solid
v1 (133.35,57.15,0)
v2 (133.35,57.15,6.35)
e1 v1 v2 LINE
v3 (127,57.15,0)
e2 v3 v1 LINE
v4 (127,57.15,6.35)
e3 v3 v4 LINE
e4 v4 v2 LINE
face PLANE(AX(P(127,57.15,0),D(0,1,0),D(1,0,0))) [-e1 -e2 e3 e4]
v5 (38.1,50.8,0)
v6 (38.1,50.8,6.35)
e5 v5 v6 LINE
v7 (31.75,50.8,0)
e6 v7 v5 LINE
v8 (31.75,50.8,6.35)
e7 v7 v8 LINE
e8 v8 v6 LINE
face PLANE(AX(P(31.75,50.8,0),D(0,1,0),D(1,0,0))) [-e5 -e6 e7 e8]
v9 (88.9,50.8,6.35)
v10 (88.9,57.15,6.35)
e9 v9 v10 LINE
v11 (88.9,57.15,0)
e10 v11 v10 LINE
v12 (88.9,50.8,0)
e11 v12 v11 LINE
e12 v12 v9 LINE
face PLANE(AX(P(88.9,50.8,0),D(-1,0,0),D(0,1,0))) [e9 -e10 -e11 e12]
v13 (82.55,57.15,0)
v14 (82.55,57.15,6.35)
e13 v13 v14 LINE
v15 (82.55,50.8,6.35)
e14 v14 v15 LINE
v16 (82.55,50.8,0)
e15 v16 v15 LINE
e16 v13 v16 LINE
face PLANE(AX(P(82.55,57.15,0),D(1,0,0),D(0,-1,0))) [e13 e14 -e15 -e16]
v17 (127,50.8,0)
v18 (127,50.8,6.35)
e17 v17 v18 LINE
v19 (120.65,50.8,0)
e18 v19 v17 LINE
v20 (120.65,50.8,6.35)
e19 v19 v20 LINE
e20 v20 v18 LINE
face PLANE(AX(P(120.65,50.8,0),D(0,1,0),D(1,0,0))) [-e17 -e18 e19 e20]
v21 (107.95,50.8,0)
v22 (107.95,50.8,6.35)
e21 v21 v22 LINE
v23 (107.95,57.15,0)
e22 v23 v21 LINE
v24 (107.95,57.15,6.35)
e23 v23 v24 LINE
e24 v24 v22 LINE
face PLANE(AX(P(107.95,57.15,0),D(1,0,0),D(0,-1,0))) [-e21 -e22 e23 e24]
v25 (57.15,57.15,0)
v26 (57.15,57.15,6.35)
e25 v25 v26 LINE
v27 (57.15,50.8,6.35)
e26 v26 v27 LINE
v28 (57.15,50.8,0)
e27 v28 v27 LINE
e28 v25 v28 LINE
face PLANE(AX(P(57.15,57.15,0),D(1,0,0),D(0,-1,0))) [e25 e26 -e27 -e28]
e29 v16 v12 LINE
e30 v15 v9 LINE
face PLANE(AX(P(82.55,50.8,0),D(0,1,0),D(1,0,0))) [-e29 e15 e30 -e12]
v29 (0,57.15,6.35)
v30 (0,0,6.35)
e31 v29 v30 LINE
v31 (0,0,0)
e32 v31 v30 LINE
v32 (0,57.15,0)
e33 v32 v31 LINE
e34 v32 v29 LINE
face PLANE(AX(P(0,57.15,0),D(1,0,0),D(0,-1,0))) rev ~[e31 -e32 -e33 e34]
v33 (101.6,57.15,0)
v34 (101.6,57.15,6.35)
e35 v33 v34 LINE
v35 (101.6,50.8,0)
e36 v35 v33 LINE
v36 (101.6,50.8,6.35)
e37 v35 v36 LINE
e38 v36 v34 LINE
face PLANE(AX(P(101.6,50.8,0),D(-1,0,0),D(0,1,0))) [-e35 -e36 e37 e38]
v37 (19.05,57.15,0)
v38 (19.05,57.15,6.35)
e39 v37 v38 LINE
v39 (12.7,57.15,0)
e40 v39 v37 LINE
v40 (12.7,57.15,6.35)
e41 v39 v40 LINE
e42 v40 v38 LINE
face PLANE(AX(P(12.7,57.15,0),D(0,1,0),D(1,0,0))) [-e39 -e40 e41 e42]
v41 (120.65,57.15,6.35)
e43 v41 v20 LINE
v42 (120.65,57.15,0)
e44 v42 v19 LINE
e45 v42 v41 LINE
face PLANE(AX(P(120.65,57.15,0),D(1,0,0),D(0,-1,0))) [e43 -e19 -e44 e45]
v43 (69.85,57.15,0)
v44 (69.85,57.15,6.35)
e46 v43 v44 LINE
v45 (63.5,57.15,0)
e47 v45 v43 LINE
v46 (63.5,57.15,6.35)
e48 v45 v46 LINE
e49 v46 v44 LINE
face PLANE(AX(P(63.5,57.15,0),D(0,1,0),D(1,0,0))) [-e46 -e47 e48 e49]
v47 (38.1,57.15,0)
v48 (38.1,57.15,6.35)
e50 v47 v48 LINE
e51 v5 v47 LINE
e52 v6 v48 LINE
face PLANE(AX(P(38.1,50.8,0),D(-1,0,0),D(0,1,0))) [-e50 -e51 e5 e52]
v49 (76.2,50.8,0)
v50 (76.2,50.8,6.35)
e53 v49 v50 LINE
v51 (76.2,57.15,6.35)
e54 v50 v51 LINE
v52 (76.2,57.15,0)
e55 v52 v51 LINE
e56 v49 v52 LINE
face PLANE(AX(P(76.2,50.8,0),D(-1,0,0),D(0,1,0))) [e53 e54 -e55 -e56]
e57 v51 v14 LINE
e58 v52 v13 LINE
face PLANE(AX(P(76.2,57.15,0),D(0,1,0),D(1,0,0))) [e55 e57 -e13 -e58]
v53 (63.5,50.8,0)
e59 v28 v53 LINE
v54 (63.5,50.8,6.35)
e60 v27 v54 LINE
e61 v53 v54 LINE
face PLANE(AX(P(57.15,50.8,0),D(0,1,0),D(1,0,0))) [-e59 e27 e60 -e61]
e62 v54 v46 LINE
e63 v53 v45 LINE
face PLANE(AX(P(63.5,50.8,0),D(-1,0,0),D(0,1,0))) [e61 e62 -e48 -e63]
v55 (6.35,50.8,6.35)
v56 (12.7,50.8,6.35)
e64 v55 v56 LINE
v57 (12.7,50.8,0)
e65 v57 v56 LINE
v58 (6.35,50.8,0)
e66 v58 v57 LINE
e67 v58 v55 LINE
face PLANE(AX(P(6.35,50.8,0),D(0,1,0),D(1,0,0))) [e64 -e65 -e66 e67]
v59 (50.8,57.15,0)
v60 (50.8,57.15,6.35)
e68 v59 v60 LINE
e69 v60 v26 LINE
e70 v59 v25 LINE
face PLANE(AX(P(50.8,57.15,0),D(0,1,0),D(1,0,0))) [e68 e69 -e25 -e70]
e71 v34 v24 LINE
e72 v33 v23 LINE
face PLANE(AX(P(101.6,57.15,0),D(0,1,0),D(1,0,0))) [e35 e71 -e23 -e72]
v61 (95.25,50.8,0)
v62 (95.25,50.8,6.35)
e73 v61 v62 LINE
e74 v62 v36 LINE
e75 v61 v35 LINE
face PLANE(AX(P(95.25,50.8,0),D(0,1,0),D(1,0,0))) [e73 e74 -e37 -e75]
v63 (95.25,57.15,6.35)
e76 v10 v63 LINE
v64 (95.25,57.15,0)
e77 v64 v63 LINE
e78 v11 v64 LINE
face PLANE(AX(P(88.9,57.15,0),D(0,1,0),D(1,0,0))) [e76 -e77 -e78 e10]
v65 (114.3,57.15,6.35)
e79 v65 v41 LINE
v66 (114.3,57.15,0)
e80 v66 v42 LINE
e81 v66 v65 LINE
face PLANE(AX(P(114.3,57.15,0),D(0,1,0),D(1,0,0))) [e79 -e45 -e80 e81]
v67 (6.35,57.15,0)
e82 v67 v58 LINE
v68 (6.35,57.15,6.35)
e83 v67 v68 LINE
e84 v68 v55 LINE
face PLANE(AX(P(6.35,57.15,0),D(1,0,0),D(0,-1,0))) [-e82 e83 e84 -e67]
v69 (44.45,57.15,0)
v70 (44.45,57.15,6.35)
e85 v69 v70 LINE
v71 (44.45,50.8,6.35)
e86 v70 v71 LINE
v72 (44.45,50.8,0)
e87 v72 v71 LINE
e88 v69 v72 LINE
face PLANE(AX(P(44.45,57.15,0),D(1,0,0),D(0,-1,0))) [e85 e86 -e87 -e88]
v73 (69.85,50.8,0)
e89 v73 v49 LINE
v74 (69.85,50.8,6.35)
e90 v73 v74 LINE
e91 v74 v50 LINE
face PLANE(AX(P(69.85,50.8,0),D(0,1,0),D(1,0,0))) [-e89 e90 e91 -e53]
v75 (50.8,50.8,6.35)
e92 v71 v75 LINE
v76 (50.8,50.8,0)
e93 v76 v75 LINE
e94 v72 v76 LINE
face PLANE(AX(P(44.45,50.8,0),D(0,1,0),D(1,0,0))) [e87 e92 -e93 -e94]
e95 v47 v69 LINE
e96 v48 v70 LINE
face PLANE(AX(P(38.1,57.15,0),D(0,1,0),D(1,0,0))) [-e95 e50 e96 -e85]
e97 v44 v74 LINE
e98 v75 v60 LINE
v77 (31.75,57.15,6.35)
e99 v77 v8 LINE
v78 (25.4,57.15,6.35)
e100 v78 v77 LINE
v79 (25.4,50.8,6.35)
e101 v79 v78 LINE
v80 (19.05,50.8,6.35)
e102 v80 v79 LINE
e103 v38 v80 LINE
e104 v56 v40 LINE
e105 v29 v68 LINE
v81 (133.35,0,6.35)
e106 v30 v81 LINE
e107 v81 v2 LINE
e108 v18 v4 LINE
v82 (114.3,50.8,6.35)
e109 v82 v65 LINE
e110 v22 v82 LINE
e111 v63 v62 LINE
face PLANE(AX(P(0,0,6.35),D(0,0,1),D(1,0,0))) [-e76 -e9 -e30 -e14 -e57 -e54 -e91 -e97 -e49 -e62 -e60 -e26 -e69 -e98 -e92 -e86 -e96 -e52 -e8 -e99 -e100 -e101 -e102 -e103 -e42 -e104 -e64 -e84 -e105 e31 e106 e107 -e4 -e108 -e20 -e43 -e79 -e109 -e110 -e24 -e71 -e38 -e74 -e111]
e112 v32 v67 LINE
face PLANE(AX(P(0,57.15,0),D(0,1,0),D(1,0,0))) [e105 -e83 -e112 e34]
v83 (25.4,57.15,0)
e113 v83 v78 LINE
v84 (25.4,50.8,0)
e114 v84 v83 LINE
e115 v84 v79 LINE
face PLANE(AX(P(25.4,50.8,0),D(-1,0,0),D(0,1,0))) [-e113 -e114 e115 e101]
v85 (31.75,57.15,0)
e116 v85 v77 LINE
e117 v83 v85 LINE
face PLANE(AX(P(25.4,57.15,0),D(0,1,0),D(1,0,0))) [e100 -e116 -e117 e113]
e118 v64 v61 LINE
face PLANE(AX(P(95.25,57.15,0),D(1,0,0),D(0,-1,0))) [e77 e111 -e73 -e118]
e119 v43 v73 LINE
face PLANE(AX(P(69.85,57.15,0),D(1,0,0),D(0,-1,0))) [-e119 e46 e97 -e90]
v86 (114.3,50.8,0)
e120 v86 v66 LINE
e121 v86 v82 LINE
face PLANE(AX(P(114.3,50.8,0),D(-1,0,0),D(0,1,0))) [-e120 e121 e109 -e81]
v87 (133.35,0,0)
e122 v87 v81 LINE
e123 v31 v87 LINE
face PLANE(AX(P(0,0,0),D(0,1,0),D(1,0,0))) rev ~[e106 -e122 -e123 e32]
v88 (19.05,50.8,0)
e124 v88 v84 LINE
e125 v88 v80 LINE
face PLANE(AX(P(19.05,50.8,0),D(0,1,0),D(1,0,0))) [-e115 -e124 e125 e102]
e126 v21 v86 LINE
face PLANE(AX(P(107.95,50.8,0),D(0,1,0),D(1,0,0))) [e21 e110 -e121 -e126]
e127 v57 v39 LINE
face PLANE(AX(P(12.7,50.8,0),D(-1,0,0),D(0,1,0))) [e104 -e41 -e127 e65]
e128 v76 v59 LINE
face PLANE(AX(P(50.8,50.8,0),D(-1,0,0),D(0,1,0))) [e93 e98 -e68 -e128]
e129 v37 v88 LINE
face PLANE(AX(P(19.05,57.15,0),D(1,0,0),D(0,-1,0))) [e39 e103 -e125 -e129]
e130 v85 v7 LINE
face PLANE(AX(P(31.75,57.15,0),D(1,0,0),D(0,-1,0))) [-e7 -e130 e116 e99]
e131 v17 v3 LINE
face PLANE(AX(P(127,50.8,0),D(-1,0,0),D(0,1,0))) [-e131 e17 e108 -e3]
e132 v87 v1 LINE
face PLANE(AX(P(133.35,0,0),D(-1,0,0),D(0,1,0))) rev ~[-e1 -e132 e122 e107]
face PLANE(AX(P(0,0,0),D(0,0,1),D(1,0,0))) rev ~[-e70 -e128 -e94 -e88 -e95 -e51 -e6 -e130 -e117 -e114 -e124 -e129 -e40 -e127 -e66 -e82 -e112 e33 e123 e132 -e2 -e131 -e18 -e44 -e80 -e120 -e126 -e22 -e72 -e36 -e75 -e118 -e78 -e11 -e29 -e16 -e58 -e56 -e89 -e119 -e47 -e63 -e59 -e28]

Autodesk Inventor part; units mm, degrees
ref_plane "YZ Plane" through (0, 0, 0) normal (1, 0, 0) x (0, 1, 0)
ref_plane "XZ Plane" through (0, 0, 0) normal (0, 1, 0) x (-1, 0, 0)
ref_plane "XY Plane" through (0, 0, 0) normal (0, 0, 1) x (1, 0, 0)
sketch "Sketch2" plane through (0, 0, 0) normal (0, 0, 1) x (1, 0, 0)
  line L0 (0, 0) -> (133.35, 0)
  line L1 (133.35, 0) -> (133.35, 57.15)
  line L2 (0, 57.15) -> (0, 0)
  line L3 (0, 57.15) -> (6.35, 57.15)
  line L4 (6.35, 57.15) -> (6.35, 50.8)
  line L5 (6.35, 50.8) -> (12.7, 50.8)
  line L6 (12.7, 50.8) -> (12.7, 57.15)
  line L7 (12.7, 57.15) -> (19.05, 57.15)
  line L8 (19.05, 57.15) -> (19.05, 50.8)
  line L9 (19.05, 50.8) -> (25.4, 50.8)
  line L10 (25.4, 50.8) -> (25.4, 57.15)
  line L11 (25.4, 57.15) -> (31.75, 57.15)
  line L12 (31.75, 57.15) -> (31.75, 50.8)
  line L13 (31.75, 50.8) -> (38.1, 50.8)
  line L14 (38.1, 50.8) -> (38.1, 57.15)
  line L15 (38.1, 57.15) -> (44.45, 57.15)
  line L16 (44.45, 57.15) -> (44.45, 50.8)
  line L17 (44.45, 50.8) -> (50.8, 50.8)
  line L18 (50.8, 50.8) -> (50.8, 57.15)
  line L19 (50.8, 57.15) -> (57.15, 57.15)
  line L20 (57.15, 57.15) -> (57.15, 50.8)
  line L21 (57.15, 50.8) -> (63.5, 50.8)
  line L22 (63.5, 50.8) -> (63.5, 57.15)
  line L23 (63.5, 57.15) -> (69.85, 57.15)
  line L24 (69.85, 57.15) -> (69.85, 50.8)
  line L25 (69.85, 50.8) -> (76.2, 50.8)
  line L26 (76.2, 50.8) -> (76.2, 57.15)
  line L27 (76.2, 57.15) -> (82.55, 57.15)
  line L28 (82.55, 57.15) -> (82.55, 50.8)
  line L29 (82.55, 50.8) -> (88.9, 50.8)
  line L30 (88.9, 50.8) -> (88.9, 57.15)
  line L31 (88.9, 57.15) -> (95.25, 57.15)
  line L32 (95.25, 57.15) -> (95.25, 50.8)
  line L33 (95.25, 50.8) -> (101.6, 50.8)
  line L34 (101.6, 50.8) -> (101.6, 57.15)
  line L35 (101.6, 57.15) -> (107.95, 57.15)
  line L36 (107.95, 57.15) -> (107.95, 50.8)
  line L37 (107.95, 50.8) -> (114.3, 50.8)
  line L38 (114.3, 50.8) -> (114.3, 57.15)
  line L39 (114.3, 57.15) -> (120.65, 57.15)
  line L40 (120.65, 57.15) -> (120.65, 50.8)
  line L41 (120.65, 50.8) -> (127, 50.8)
  line L42 (127, 50.8) -> (127, 57.15)
  line L43 (127, 57.15) -> (133.35, 57.15)
  dimension "Length" = 133.35
  dimension "Height" = 57.15
  dimension "Teeth_Width" = 6.35
  dimension "Material_Thickness" = 6.35
  dimension "d63" = 6.35
  dimension "d64" = 6.35
  dimension "d65" = 6.35
  dimension "d66" = 6.35
  dimension "d67" = 6.35
  dimension "d68" = 6.35
  dimension "d69" = 6.35
  dimension "d70" = 6.35
  dimension "d71" = 6.35
  dimension "d72" = 6.35
  dimension "d73" = 6.35
  dimension "d74" = 6.35
  dimension "d75" = 6.35
  dimension "d76" = 6.35
  dimension "d77" = 6.35
  dimension "d78" = 6.35
  dimension "d79" = 6.35
  dimension "d80" = 6.35
  dimension "d81" = 6.35
  dimension "d82" = 6.35
  dimension "d83" = 6.35
  dimension "d84" = 6.35
  dimension "d85" = 6.35
  dimension "d86" = 6.35
  dimension "d87" = 6.35
  dimension "d88" = 6.35
  dimension "d89" = 6.35
  dimension "d90" = 6.35
extrude "Extrusion2" add sketch "Sketch2" along normal blind 6.35
equation "\"d63\" = Teeth_Width"
equation "\"d66\" = d64"
equation "\"d69\" = d67"
equation "\"d72\" = d70"
equation "\"d75\" = d73"
equation "\"d78\" = d76"
equation "\"d81\" = d79"
equation "\"d84\" = d82"
equation "\"d87\" = d85"
equation "\"d90\" = d88"
properties part number "Side Support"
